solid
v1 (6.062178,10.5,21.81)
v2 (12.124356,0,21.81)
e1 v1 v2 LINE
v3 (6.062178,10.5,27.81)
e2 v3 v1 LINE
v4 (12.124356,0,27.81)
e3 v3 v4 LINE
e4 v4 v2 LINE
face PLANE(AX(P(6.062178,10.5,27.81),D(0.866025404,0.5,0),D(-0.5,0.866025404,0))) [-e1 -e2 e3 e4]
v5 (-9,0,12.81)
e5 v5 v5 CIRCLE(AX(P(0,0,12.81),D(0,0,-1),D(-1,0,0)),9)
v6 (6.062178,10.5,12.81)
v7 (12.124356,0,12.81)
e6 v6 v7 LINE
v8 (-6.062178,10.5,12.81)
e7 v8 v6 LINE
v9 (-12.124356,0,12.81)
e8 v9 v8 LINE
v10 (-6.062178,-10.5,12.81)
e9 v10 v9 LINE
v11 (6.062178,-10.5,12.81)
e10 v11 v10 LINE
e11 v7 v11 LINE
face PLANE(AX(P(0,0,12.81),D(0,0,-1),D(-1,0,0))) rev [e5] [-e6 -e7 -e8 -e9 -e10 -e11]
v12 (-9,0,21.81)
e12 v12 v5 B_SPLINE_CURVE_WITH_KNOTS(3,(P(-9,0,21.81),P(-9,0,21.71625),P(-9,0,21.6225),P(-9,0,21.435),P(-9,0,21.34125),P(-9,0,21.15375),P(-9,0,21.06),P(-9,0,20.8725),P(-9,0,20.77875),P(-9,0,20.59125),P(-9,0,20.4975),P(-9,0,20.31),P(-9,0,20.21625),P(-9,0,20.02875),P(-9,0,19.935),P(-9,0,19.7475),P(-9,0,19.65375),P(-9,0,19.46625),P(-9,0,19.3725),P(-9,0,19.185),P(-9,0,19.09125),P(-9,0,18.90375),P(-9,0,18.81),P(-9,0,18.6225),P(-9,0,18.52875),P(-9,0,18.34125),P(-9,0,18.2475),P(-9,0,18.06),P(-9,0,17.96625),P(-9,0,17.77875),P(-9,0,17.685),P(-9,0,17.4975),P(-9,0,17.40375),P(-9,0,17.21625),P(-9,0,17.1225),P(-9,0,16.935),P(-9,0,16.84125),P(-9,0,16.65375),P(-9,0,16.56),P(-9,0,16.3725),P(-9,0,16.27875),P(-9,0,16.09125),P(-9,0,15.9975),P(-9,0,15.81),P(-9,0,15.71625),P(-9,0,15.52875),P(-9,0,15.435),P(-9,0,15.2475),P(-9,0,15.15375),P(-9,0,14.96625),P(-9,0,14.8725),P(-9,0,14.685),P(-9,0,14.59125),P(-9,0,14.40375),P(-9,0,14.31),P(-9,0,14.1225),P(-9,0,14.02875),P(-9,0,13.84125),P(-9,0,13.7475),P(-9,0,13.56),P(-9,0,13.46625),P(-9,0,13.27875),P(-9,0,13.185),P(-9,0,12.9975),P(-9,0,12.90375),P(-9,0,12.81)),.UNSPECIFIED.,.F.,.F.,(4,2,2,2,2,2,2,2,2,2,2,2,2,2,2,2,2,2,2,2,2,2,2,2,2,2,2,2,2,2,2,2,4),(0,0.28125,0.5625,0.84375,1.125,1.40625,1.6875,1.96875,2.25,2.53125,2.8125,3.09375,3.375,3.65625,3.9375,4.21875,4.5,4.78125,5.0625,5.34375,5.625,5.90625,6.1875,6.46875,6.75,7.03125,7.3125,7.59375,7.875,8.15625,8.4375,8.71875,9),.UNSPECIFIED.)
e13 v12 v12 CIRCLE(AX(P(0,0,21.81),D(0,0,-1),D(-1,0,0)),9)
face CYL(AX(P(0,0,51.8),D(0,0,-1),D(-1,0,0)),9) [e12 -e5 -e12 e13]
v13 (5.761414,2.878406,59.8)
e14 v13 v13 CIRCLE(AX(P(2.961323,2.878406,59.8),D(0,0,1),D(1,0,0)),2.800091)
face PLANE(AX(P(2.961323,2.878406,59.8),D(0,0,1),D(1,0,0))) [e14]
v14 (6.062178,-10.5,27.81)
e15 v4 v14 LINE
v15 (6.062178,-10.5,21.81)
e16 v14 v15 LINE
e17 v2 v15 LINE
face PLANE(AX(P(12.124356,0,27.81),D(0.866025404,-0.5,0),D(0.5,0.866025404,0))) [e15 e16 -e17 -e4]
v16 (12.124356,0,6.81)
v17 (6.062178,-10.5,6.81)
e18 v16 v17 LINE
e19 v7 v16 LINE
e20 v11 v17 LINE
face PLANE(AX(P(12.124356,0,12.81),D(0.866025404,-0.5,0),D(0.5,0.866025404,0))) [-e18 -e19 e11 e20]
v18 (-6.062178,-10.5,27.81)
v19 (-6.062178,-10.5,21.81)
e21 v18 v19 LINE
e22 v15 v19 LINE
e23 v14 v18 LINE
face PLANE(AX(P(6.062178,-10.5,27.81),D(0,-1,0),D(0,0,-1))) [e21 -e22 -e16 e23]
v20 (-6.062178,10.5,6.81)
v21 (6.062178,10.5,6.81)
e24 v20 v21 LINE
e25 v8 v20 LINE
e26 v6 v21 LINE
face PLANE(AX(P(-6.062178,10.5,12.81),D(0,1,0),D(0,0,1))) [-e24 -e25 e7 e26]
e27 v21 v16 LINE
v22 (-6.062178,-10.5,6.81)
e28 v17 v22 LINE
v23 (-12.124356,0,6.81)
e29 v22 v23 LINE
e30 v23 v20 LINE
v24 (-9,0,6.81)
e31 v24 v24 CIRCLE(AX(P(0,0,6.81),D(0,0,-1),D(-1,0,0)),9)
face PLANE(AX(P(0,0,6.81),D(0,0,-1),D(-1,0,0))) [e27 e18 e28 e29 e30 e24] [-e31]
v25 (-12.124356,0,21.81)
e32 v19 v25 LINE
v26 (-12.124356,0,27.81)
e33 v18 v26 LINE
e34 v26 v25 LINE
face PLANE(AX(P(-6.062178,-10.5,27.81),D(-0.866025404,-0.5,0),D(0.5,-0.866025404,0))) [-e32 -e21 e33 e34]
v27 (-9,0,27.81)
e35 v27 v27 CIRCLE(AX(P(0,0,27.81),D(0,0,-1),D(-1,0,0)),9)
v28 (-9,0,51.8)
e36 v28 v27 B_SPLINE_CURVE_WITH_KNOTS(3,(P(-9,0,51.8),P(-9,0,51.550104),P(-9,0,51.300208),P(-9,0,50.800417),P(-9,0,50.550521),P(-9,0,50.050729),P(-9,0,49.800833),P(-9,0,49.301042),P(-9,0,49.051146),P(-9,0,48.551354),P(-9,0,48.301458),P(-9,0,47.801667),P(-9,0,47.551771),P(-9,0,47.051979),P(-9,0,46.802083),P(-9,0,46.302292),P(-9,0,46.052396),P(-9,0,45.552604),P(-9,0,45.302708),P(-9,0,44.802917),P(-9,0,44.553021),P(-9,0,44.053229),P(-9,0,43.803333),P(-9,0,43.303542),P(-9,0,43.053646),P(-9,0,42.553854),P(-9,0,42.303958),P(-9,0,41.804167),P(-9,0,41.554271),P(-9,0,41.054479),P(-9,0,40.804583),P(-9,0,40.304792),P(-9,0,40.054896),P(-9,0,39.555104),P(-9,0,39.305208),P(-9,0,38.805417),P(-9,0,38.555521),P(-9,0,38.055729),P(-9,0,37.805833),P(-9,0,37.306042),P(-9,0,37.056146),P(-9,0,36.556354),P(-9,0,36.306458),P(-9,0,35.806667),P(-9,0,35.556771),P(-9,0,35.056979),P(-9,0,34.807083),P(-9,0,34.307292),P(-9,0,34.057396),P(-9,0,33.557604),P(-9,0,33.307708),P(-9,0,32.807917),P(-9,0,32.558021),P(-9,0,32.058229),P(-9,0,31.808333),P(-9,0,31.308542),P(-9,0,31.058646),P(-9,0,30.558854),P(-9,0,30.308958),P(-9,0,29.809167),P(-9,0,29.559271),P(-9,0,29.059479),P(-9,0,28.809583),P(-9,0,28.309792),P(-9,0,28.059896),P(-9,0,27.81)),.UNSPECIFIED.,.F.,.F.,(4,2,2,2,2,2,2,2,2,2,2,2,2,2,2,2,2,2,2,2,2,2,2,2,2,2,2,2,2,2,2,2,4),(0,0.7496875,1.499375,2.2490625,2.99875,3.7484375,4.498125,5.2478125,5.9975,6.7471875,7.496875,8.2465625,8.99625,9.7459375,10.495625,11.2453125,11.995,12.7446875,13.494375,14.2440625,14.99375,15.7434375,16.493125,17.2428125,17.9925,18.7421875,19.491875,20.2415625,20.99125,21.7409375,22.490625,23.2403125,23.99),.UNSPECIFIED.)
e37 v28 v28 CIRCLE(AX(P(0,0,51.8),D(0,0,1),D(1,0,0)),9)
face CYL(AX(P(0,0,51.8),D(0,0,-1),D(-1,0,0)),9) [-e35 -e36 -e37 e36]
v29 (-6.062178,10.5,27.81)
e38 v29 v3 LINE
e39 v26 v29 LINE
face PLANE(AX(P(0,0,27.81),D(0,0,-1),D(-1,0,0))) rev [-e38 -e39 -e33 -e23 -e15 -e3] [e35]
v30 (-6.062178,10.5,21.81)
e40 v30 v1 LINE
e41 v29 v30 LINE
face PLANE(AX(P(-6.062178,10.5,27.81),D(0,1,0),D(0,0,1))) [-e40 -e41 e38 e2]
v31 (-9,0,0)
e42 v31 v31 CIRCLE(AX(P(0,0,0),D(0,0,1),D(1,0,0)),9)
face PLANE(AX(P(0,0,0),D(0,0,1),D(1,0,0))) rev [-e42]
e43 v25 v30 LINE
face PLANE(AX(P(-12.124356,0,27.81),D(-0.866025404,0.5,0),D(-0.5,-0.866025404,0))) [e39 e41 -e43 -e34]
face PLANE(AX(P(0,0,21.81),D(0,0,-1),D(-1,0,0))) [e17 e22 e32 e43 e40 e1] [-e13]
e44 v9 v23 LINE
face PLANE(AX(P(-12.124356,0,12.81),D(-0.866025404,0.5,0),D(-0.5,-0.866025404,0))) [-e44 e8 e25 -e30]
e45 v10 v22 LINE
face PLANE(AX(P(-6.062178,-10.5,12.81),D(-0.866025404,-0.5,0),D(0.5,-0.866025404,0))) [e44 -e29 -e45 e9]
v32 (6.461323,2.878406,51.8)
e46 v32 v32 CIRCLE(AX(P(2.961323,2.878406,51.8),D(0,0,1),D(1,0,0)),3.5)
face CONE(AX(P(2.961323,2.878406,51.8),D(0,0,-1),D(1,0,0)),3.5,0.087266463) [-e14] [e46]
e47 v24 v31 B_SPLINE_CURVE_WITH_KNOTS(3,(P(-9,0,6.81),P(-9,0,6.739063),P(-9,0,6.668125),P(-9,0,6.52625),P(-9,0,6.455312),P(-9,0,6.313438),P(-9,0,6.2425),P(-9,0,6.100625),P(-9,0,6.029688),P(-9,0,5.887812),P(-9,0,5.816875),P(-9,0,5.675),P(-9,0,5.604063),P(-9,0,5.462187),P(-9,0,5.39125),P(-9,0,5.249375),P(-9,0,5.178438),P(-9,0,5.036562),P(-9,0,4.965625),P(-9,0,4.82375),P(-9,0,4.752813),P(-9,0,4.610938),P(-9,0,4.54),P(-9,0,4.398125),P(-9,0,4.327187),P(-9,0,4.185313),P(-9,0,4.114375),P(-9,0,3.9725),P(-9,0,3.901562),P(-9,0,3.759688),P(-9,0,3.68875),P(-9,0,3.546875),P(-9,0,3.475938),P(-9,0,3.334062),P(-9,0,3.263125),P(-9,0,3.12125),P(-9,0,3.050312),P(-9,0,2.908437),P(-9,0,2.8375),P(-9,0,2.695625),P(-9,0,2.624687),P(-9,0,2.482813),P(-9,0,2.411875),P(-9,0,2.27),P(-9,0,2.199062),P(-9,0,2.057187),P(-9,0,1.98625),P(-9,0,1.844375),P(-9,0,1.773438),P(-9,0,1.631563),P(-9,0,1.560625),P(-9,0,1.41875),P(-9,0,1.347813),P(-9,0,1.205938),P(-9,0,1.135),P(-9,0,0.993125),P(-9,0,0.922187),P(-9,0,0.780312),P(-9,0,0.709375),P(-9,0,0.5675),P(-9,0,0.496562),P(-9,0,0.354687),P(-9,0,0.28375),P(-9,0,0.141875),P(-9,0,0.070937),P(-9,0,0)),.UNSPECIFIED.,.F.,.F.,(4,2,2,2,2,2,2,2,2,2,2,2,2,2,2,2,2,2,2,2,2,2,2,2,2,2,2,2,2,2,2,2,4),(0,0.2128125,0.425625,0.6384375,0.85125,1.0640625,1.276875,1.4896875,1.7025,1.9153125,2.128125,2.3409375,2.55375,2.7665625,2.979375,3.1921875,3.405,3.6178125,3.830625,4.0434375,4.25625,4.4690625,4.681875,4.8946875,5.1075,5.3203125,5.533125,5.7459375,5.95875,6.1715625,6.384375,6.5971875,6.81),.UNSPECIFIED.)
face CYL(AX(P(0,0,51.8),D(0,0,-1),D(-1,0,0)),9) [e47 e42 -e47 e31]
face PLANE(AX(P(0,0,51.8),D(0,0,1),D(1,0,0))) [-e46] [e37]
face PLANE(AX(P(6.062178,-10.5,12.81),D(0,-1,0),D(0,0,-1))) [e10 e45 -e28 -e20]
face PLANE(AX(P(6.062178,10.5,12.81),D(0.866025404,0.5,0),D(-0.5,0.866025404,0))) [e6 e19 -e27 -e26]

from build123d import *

# Parameters (mm, degrees)
IZIM1_R                     = 9
Y_KSEKLIK_EKSTR_ZYON1_DEPTH = 51.8
IZIM2_R                     = 3.5
Y_KSEKLIK_EKSTR_ZYON2_DEPTH = 8
Y_KSEKLIK_EKSTR_ZYON2_TAPER = 5
Y_KSEKLIK_EKSTR_ZYON3_DEPTH = 6
LPATTERN1_COUNT             = 2
LPATTERN1_PITCH             = 15


with BuildPart() as part:
    # Çizim1 → Yükseklik-Ekstrüzyon1 (new body)
    with BuildSketch(Plane.XY):
        with Locations(Location((0, 0, 0), (0, 0, 180))):
            Circle(IZIM1_R)
    extrude(amount=Y_KSEKLIK_EKSTR_ZYON1_DEPTH)

    # Çizim2 → Yükseklik-Ekstrüzyon2 (add)
    with BuildSketch(Plane.XY.offset(51.8)):
        with Locations((2.961323267, 2.878406216)):
            Circle(IZIM2_R)
    extrude(amount=Y_KSEKLIK_EKSTR_ZYON2_DEPTH, taper=Y_KSEKLIK_EKSTR_ZYON2_TAPER)

    # Çizim6 → Yükseklik-Ekstrüzyon3 (add)
    with BuildSketch(Plane(origin=(0, 0, 6.81), x_dir=(-1, 0, 0), z_dir=(0, 0, -1))):
        Polygon((6.062177826, 10.5), (-6.062177826, 10.5), (-12.124355653, 0), (-6.062177826, -10.5), (6.062177826, -10.5), (12.124355653, 0), align=None)
    y_kseklik_ekstr_zyon3 = extrude(amount=-Y_KSEKLIK_EKSTR_ZYON3_DEPTH)

    # LPattern1: Yükseklik-Ekstrüzyon3 ×2
    with Locations(*[(0, 0, i * LPATTERN1_PITCH) for i in range(1, LPATTERN1_COUNT)]):
        add(y_kseklik_ekstr_zyon3)


solid = part.part
